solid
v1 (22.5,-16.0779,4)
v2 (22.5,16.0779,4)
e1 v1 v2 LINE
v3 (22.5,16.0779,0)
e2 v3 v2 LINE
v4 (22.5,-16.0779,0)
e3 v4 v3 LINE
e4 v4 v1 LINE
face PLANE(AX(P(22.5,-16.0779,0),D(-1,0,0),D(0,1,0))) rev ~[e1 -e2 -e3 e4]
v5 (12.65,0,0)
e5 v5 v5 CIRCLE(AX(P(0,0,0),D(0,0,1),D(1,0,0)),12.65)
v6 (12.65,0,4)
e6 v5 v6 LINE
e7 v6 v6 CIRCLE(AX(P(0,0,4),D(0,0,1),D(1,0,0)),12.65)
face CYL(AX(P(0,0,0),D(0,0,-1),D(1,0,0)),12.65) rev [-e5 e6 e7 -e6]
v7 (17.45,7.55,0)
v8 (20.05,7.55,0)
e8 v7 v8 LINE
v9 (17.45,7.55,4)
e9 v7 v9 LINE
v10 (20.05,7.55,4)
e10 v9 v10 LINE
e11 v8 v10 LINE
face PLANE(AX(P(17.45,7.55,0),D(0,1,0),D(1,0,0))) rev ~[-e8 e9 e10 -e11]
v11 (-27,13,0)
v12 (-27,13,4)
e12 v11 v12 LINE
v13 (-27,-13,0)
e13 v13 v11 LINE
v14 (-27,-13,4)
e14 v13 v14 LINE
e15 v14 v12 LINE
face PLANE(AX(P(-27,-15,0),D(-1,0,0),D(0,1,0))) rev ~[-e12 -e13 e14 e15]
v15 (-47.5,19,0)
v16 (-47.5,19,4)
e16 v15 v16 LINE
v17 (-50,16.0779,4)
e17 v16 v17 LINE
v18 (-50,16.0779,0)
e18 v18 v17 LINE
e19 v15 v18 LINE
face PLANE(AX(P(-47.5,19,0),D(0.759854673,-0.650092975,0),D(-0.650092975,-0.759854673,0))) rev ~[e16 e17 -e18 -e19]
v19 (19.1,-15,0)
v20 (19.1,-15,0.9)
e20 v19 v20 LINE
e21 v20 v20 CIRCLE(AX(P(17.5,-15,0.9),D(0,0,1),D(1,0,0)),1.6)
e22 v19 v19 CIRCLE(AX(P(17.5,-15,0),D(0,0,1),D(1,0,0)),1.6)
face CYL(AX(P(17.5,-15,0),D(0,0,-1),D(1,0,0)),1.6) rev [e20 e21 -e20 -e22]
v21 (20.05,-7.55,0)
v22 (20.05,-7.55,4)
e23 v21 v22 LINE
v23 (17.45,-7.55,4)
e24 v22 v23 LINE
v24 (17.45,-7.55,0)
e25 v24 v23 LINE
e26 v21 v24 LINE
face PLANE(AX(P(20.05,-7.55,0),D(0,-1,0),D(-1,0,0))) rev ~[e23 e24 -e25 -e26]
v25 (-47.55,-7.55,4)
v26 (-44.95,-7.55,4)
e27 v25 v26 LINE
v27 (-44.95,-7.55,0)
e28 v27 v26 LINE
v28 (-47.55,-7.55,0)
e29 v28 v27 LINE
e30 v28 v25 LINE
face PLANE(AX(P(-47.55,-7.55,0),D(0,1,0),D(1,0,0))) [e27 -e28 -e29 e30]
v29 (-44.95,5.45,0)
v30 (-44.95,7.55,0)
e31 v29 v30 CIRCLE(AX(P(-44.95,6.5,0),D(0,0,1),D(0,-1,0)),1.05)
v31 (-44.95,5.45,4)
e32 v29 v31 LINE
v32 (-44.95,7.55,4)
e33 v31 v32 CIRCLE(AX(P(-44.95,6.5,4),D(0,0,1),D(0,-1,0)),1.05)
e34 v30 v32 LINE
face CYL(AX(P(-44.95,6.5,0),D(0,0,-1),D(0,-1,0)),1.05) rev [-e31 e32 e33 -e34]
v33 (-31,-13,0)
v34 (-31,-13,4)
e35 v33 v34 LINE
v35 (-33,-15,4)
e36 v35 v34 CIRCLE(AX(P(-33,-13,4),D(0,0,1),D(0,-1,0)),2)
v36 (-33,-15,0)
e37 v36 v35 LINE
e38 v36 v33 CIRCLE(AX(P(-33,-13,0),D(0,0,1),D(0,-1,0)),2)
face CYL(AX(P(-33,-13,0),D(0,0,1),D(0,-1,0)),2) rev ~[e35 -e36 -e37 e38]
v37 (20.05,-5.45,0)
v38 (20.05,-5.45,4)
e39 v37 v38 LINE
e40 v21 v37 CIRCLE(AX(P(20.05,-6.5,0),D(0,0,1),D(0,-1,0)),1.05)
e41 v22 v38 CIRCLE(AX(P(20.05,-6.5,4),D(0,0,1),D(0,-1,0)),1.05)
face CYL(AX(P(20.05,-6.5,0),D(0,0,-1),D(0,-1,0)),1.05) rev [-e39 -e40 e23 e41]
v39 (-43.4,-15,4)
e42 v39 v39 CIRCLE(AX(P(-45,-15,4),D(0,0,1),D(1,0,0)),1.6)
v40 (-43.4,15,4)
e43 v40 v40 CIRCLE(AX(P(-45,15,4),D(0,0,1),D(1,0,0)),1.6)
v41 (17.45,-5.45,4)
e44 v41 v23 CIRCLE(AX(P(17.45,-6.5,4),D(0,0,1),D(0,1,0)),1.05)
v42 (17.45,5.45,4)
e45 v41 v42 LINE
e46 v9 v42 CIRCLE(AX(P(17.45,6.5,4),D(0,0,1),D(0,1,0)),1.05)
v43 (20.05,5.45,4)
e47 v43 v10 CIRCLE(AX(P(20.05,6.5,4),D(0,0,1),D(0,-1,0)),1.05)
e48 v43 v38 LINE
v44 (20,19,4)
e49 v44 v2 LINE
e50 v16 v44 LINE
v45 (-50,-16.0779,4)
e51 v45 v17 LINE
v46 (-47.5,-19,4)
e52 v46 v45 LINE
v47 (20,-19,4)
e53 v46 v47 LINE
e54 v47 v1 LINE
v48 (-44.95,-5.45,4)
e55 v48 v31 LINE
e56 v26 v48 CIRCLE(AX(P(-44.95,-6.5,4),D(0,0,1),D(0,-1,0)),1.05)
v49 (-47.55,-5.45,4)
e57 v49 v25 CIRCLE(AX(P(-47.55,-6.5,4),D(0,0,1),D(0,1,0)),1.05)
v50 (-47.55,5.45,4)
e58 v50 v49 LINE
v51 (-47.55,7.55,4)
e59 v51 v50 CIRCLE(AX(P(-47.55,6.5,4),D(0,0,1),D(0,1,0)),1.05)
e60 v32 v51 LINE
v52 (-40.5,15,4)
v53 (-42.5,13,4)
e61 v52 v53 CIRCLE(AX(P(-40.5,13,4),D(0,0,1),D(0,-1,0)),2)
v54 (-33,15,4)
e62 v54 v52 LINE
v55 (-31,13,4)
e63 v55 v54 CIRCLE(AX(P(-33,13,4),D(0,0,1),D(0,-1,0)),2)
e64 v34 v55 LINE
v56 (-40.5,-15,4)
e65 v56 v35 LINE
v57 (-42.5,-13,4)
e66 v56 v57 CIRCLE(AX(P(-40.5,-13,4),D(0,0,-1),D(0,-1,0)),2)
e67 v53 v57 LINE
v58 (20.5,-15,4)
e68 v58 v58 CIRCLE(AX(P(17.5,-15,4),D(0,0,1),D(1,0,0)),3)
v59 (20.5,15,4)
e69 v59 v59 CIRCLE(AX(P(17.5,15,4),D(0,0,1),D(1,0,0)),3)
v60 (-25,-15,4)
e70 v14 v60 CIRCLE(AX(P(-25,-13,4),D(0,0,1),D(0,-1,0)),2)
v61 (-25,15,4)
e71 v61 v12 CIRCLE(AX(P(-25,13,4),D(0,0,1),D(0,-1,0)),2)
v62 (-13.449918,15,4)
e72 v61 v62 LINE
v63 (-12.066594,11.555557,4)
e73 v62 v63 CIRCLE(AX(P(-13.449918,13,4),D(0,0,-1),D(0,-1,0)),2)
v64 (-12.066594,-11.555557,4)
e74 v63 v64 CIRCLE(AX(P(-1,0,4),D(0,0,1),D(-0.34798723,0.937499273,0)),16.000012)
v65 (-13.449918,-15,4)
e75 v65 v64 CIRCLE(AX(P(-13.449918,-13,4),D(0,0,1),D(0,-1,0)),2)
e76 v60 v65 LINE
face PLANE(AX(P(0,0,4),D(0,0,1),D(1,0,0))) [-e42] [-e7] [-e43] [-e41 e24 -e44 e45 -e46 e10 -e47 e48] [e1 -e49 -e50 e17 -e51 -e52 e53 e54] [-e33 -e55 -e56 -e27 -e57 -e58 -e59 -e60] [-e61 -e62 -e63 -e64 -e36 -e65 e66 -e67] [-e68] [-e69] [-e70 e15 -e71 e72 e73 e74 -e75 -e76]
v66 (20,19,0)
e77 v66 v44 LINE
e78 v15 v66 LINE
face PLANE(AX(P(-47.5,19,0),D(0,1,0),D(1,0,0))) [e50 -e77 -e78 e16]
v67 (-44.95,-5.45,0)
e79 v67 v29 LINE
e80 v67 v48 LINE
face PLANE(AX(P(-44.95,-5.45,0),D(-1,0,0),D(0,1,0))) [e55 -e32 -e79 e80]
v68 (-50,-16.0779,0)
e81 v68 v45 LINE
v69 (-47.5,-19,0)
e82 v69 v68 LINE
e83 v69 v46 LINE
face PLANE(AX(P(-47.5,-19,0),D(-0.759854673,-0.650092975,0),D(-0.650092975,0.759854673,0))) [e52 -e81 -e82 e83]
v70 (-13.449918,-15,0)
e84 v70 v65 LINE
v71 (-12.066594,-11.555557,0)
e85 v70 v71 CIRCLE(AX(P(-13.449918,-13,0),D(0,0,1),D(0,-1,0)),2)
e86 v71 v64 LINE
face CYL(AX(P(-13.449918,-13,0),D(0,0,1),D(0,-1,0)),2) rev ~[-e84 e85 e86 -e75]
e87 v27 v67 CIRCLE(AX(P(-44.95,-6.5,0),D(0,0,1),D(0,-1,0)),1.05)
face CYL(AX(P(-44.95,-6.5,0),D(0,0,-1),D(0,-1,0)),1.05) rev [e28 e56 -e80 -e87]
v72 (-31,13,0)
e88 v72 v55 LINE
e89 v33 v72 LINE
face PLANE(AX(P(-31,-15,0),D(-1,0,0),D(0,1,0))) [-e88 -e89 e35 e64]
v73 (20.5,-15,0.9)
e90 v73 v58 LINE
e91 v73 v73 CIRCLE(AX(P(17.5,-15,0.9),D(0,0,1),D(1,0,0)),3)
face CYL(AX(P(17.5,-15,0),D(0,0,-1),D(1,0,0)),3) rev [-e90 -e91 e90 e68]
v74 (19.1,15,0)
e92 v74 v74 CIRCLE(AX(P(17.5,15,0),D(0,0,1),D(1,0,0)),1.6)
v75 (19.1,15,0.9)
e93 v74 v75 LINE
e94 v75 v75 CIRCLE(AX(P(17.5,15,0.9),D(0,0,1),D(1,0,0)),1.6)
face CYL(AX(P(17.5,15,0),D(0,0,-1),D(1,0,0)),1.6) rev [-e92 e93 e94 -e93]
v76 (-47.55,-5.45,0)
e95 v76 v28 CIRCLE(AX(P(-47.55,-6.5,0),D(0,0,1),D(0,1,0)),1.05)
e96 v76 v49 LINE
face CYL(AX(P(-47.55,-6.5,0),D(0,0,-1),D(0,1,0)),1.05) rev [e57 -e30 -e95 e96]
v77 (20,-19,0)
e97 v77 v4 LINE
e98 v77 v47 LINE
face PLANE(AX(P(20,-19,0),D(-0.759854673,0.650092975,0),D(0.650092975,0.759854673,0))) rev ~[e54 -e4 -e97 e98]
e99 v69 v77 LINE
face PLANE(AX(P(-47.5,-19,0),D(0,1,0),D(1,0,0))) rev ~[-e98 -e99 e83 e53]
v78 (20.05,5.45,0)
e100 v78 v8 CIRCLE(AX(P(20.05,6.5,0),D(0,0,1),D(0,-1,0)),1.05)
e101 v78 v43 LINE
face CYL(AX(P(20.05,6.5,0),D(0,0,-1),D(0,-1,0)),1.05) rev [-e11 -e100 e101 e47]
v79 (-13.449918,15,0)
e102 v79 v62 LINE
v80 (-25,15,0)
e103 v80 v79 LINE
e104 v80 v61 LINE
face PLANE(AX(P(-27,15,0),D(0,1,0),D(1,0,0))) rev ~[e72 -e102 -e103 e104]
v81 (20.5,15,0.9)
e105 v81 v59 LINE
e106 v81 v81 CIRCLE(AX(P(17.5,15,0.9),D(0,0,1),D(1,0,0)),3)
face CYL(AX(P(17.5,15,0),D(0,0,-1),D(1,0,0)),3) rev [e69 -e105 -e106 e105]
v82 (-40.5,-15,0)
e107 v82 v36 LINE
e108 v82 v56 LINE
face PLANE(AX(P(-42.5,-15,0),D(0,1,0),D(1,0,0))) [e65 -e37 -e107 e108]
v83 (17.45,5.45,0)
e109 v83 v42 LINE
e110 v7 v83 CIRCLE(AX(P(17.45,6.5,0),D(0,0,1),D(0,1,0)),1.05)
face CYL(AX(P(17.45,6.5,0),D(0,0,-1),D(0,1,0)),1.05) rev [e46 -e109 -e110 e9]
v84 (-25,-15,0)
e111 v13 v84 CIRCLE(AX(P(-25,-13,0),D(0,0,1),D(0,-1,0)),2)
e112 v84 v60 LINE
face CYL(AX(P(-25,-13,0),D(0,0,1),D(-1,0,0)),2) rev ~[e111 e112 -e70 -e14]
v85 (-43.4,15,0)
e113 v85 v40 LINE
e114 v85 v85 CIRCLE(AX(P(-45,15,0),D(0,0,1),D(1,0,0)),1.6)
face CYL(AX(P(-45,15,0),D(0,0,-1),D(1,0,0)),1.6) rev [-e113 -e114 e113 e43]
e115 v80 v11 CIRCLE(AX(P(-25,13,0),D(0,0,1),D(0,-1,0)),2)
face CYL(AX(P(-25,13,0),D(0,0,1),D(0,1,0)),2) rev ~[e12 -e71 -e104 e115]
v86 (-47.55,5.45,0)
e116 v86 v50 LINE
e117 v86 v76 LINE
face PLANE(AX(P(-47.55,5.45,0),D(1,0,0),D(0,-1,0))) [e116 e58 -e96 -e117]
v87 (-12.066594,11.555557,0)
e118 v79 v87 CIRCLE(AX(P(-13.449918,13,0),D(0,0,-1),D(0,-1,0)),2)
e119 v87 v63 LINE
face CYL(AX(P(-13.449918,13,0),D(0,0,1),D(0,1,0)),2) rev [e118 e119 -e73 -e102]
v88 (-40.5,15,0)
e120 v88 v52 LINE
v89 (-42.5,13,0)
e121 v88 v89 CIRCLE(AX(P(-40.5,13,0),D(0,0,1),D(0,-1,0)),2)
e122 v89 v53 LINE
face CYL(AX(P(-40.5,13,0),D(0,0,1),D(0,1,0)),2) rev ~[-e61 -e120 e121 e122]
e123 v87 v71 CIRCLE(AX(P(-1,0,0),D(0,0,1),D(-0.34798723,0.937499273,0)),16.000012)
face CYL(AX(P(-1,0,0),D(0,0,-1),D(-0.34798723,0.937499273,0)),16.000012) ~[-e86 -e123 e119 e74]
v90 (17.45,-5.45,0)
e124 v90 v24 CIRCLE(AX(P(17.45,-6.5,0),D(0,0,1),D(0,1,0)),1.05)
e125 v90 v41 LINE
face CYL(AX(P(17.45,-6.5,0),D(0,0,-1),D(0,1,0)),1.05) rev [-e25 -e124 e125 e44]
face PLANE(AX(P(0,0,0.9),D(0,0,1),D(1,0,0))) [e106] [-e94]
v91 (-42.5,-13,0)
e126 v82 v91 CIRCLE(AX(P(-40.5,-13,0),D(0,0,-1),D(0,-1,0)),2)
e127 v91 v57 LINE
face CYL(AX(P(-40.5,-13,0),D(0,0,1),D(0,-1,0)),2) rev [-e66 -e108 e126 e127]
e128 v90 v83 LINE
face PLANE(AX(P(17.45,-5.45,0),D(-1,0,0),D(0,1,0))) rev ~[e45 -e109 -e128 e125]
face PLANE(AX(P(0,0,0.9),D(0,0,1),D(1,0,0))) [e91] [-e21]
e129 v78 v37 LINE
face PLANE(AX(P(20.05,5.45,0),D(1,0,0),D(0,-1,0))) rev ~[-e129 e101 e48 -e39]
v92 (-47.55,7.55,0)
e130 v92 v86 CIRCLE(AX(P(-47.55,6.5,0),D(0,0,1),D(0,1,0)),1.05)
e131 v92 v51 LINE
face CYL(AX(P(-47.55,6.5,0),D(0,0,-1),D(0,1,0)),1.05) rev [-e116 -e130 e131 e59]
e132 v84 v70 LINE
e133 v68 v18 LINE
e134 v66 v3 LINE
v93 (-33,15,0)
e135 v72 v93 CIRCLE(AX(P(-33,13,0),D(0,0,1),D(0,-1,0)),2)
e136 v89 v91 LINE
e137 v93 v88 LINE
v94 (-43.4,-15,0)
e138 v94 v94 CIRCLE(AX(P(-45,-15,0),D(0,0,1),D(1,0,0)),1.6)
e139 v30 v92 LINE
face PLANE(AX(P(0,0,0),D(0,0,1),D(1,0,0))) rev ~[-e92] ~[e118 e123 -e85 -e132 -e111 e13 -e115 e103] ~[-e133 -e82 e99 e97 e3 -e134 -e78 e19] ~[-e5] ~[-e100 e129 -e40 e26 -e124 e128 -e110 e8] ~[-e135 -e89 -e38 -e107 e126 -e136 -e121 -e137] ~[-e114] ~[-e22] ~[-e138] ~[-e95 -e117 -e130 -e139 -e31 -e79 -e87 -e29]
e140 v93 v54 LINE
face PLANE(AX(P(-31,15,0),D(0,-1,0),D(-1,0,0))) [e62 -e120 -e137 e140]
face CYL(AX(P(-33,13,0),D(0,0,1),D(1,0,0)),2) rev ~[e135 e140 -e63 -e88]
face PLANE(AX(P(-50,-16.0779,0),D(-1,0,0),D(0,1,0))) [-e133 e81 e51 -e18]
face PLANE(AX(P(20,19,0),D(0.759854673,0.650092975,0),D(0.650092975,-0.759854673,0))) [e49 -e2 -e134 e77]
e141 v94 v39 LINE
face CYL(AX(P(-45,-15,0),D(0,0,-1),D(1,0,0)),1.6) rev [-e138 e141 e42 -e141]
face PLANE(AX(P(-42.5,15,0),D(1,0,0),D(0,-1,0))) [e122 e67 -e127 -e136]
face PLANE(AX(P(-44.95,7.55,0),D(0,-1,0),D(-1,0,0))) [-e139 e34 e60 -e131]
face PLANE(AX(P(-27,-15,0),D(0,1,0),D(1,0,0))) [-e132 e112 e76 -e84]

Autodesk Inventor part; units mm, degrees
ref_plane "YZ Plane" through (0, 0, 0) normal (1, 0, 0) x (0, 1, 0)
ref_plane "XZ Plane" through (0, 0, 0) normal (0, 1, 0) x (-1, 0, 0)
ref_plane "XY Plane" through (0, 0, 0) normal (0, 0, 1) x (1, 0, 0)
sketch "スケッチ1" plane through (0, 0, 0) normal (0, 0, 1) x (1, 0, 0)
  circle A0 centre (0, 0) radius 10.5 construction
  line L0 (-28, -13.5) -> (-1, -13.5) construction
  line L1 (-1, -13.5) -> (-1, 13.5) construction
  line L2 (-1, 13.5) -> (-28, 13.5) construction
  line L3 (-28, 13.5) -> (-28, -13.5) construction
  line L4 (-28, -13.5) -> (-1, 13.5) construction
  line L5 (-1, -13.5) -> (-28, 13.5) construction
  line L6 (-31, -16) -> (12, -16) construction
  line L7 (12, -16) -> (12, 16) construction
  line L8 (12, 16) -> (-31, 16) construction
  line L9 (-31, 16) -> (-31, -16) construction
  line L10 (-31, -16) -> (12, 16) construction
  line L11 (12, -16) -> (-31, 16) construction
  line L12 (-31, -14.4) -> (-39.5, -14.4) construction
  line L13 (-39.5, -14.4) -> (-39.5, 14.4) construction
  line L14 (-39.5, 0) -> (12, 0) construction
  line L15 (-31, 14.4) -> (-39.5, 14.4) construction
  line L16 (-14.5, -13.5) -> (-14.5, 13.5) construction
  line L17 (17.5, -7.5) -> (20, -7.5) construction
  line L18 (20, -7.5) -> (20, 7.5) construction
  line L19 (20, 7.5) -> (17.5, 7.5) construction
  line L20 (17.5, 7.5) -> (17.5, -7.5) construction
  line L21 (17.5, -7.5) -> (20, 7.5) construction
  line L22 (20, -7.5) -> (17.5, 7.5) construction
  line L23 (17.45, 7.55) -> (20.05, 7.55)
  line L24 (20.05, 5.45) -> (20.05, -5.45)
  line L25 (20.05, -7.55) -> (17.45, -7.55)
  line L26 (17.45, -5.45) -> (17.45, 5.45)
  line L27 (17.45, 7.55) -> (20.05, -7.55) construction
  line L28 (20.05, 7.55) -> (17.45, -7.55) construction
  arc A1 (17.45, -5.45) -> (17.45, -7.55) centre (17.45, -6.5) ccw
  line L29 (18.75, -7.5) -> (18.75, 7.5) construction
  arc A2 (17.45, 7.55) -> (17.45, 5.45) centre (17.45, 6.5) ccw
  arc A3 (20.05, -7.55) -> (20.05, -5.45) centre (20.05, -6.5) ccw
  arc A4 (20.05, 5.45) -> (20.05, 7.55) centre (20.05, 6.5) ccw
  line L30 (-13.75, -16) -> (-13.75, 16) construction
  line L31 (-45, -7.5) -> (-47.5, -7.5) construction
  line L32 (-47.5, -7.5) -> (-47.5, 7.5) construction
  line L33 (-47.5, 7.5) -> (-45, 7.5) construction
  line L34 (-45, 7.5) -> (-45, -7.5) construction
  line L35 (-45, -7.5) -> (-47.5, 7.5) construction
  line L36 (-47.5, -7.5) -> (-45, 7.5) construction
  line L37 (-44.95, 7.55) -> (-47.55, 7.55)
  line L38 (-47.55, 5.45) -> (-47.55, -5.45)
  line L39 (-47.55, -7.55) -> (-44.95, -7.55)
  line L40 (-44.95, -5.45) -> (-44.95, 5.45)
  line L41 (-44.95, 7.55) -> (-47.55, -7.55) construction
  line L42 (-47.55, 7.55) -> (-44.95, -7.55) construction
  arc A5 (-44.95, -7.55) -> (-44.95, -5.45) centre (-44.95, -6.5) ccw
  line L43 (-46.25, -7.5) -> (-46.25, 7.5) construction
  arc A6 (-44.95, 5.45) -> (-44.95, 7.55) centre (-44.95, 6.5) ccw
  arc A7 (-47.55, -5.45) -> (-47.55, -7.55) centre (-47.55, -6.5) ccw
  arc A8 (-47.55, 7.55) -> (-47.55, 5.45) centre (-47.55, 6.5) ccw
  circle A9 centre (17.5, -15) radius 1.6
  circle A10 centre (17.5, 15) radius 1.6
  circle A11 centre (-45, -15) radius 1.6
  circle A12 centre (-45, 15) radius 1.6
  line L44 (15, -60.5) -> (20, -60.5) construction
  line L45 (20, -60.5) -> (20, 60.5) construction
  line L46 (20, 60.5) -> (15, 60.5) construction
  line L47 (15, -60.5) -> (20, 60.5) construction
  line L48 (20, -60.5) -> (15, 60.5) construction
  arc A13 (-6.5678, 15) -> (-6.5678, -15) centre (-1, 0) ccw
  line L49 (-3.65, -16) -> (1.65, -16) construction
  line L50 (1.65, -16) -> (1.65, 16) construction
  line L51 (1.65, 16) -> (-3.65, 16) construction
  line L52 (-3.65, 16) -> (-3.65, -16) construction
  line L53 (-3.65, -16) -> (1.65, 16) construction
  line L54 (1.65, -16) -> (-3.65, 16) construction
  line L55 (-42.5, -60.5) -> (-47.5, -60.5) construction
  line L56 (-47.5, -60.5) -> (-47.5, 60.5) construction
  line L57 (-47.5, 60.5) -> (-42.5, 60.5) construction
  line L58 (-42.5, 60.5) -> (-42.5, -60.5) construction
  circle A14 centre (17.5, -15) radius 3
  circle A15 centre (17.5, 15) radius 3
  line L59 (-27, -15) -> (-6.5678, -15)
  line L60 (-42.5, -15) -> (-31, -15)
  line L61 (-31, -15) -> (-31, 15)
  line L62 (-31, 15) -> (-42.5, 15)
  line L63 (-42.5, 15) -> (-42.5, -15)
  line L64 (-42.5, -15) -> (-31, 15) construction
  line L65 (-31, -15) -> (-42.5, 15) construction
  line L66 (-47.5, -19) -> (20, -19)
  line L67 (-27, -15) -> (-27, 15)
  line L68 (-47.5, 19) -> (20, 19)
  line L69 (20, -19) -> (22.5, -16.0779)
  line L70 (22.5, -16.0779) -> (22.5, 16.0779)
  line L71 (20, 19) -> (22.5, 16.0779)
  line L72 (-47.5, -19) -> (-50, -16.0779)
  line L73 (-50, -16.0779) -> (-50, 16.0779)
  line L74 (-47.5, 19) -> (-50, 16.0779)
  line L75 (-27, 15) -> (-6.5678, 15)
  line L76 (15, 60.5) -> (15, -60.5) construction
  circle A16 centre (0, 0) radius 12.65
  point P0 (-14.5, 0)
  point P1 (-9.5, 0)
  point P2 (-14.5, 0)
  point P3 (18.75, 0)
  point P4 (18.75, 0)
  point P5 (18.75, 0)
  point P6 (18.75, 0)
  point P7 (-46.25, 0)
  point P8 (-46.25, 0)
  point P9 (-46.25, 0)
  point P10 (-46.25, 0)
  point P11 (17.5, 0)
  point P12 (17.5, 0)
  point P13 (-1, 0)
  point P14 (-36.75, 0)
  point P15 (-1, 0)
  dimension "d0" = 21
  dimension "d1" = 27
  dimension "d2" = 27
  dimension "d3" = 43
  dimension "d4" = 32
  dimension "d5" = 28.8
  dimension "d6" = 8.5
  dimension "d7" = 9.5
  dimension "d11" = 8.5
  dimension "d13" = 2.5
  dimension "d14" = 15
  dimension "d15" = 1.05
  dimension "d16" = 0.05
  dimension "d17" = 0.05
  dimension "d28" = 3.2
  dimension "d31" = 5
  dimension "d32" = 121
  dimension "d36" = 5.3
  dimension "d55" = 16
  dimension "d71" = 6
  dimension "d83" = 30
  dimension "d84" = 2.5
  dimension "d97" = 1.5
  dimension "d98" = 2.5
  dimension "d102" = 38
  dimension "d103" = 4
  dimension "d104" = 4
  dimension "d106" = 2.5
  dimension "d107" = 2.5
  dimension "d108" = 3
  dimension "d109" = 57.5
  dimension "d113" = 25.3
extrude "押し出し1" add sketch "スケッチ1" along normal blind 4 contours L72 L73 L74 L68 L71 L70 L69 L66
extrude "押し出し3" add sketch "スケッチ1" along normal blind 0.9 contours A14 | A15
fillet "フィレット1" radius 2 8 edges at (-31, -15, 2) (-42.5, -15, 2) (-42.5, 15, 2) (-31, 15, 2) (-6.5678, -15, 2) (-6.5678, 15, 2) (-27, 15, 2) (-27, -15, 2)
equation "\"d17\" = d16"
properties part number "Trunk_neck_frame" material "アルミニウム 2014-T4"
